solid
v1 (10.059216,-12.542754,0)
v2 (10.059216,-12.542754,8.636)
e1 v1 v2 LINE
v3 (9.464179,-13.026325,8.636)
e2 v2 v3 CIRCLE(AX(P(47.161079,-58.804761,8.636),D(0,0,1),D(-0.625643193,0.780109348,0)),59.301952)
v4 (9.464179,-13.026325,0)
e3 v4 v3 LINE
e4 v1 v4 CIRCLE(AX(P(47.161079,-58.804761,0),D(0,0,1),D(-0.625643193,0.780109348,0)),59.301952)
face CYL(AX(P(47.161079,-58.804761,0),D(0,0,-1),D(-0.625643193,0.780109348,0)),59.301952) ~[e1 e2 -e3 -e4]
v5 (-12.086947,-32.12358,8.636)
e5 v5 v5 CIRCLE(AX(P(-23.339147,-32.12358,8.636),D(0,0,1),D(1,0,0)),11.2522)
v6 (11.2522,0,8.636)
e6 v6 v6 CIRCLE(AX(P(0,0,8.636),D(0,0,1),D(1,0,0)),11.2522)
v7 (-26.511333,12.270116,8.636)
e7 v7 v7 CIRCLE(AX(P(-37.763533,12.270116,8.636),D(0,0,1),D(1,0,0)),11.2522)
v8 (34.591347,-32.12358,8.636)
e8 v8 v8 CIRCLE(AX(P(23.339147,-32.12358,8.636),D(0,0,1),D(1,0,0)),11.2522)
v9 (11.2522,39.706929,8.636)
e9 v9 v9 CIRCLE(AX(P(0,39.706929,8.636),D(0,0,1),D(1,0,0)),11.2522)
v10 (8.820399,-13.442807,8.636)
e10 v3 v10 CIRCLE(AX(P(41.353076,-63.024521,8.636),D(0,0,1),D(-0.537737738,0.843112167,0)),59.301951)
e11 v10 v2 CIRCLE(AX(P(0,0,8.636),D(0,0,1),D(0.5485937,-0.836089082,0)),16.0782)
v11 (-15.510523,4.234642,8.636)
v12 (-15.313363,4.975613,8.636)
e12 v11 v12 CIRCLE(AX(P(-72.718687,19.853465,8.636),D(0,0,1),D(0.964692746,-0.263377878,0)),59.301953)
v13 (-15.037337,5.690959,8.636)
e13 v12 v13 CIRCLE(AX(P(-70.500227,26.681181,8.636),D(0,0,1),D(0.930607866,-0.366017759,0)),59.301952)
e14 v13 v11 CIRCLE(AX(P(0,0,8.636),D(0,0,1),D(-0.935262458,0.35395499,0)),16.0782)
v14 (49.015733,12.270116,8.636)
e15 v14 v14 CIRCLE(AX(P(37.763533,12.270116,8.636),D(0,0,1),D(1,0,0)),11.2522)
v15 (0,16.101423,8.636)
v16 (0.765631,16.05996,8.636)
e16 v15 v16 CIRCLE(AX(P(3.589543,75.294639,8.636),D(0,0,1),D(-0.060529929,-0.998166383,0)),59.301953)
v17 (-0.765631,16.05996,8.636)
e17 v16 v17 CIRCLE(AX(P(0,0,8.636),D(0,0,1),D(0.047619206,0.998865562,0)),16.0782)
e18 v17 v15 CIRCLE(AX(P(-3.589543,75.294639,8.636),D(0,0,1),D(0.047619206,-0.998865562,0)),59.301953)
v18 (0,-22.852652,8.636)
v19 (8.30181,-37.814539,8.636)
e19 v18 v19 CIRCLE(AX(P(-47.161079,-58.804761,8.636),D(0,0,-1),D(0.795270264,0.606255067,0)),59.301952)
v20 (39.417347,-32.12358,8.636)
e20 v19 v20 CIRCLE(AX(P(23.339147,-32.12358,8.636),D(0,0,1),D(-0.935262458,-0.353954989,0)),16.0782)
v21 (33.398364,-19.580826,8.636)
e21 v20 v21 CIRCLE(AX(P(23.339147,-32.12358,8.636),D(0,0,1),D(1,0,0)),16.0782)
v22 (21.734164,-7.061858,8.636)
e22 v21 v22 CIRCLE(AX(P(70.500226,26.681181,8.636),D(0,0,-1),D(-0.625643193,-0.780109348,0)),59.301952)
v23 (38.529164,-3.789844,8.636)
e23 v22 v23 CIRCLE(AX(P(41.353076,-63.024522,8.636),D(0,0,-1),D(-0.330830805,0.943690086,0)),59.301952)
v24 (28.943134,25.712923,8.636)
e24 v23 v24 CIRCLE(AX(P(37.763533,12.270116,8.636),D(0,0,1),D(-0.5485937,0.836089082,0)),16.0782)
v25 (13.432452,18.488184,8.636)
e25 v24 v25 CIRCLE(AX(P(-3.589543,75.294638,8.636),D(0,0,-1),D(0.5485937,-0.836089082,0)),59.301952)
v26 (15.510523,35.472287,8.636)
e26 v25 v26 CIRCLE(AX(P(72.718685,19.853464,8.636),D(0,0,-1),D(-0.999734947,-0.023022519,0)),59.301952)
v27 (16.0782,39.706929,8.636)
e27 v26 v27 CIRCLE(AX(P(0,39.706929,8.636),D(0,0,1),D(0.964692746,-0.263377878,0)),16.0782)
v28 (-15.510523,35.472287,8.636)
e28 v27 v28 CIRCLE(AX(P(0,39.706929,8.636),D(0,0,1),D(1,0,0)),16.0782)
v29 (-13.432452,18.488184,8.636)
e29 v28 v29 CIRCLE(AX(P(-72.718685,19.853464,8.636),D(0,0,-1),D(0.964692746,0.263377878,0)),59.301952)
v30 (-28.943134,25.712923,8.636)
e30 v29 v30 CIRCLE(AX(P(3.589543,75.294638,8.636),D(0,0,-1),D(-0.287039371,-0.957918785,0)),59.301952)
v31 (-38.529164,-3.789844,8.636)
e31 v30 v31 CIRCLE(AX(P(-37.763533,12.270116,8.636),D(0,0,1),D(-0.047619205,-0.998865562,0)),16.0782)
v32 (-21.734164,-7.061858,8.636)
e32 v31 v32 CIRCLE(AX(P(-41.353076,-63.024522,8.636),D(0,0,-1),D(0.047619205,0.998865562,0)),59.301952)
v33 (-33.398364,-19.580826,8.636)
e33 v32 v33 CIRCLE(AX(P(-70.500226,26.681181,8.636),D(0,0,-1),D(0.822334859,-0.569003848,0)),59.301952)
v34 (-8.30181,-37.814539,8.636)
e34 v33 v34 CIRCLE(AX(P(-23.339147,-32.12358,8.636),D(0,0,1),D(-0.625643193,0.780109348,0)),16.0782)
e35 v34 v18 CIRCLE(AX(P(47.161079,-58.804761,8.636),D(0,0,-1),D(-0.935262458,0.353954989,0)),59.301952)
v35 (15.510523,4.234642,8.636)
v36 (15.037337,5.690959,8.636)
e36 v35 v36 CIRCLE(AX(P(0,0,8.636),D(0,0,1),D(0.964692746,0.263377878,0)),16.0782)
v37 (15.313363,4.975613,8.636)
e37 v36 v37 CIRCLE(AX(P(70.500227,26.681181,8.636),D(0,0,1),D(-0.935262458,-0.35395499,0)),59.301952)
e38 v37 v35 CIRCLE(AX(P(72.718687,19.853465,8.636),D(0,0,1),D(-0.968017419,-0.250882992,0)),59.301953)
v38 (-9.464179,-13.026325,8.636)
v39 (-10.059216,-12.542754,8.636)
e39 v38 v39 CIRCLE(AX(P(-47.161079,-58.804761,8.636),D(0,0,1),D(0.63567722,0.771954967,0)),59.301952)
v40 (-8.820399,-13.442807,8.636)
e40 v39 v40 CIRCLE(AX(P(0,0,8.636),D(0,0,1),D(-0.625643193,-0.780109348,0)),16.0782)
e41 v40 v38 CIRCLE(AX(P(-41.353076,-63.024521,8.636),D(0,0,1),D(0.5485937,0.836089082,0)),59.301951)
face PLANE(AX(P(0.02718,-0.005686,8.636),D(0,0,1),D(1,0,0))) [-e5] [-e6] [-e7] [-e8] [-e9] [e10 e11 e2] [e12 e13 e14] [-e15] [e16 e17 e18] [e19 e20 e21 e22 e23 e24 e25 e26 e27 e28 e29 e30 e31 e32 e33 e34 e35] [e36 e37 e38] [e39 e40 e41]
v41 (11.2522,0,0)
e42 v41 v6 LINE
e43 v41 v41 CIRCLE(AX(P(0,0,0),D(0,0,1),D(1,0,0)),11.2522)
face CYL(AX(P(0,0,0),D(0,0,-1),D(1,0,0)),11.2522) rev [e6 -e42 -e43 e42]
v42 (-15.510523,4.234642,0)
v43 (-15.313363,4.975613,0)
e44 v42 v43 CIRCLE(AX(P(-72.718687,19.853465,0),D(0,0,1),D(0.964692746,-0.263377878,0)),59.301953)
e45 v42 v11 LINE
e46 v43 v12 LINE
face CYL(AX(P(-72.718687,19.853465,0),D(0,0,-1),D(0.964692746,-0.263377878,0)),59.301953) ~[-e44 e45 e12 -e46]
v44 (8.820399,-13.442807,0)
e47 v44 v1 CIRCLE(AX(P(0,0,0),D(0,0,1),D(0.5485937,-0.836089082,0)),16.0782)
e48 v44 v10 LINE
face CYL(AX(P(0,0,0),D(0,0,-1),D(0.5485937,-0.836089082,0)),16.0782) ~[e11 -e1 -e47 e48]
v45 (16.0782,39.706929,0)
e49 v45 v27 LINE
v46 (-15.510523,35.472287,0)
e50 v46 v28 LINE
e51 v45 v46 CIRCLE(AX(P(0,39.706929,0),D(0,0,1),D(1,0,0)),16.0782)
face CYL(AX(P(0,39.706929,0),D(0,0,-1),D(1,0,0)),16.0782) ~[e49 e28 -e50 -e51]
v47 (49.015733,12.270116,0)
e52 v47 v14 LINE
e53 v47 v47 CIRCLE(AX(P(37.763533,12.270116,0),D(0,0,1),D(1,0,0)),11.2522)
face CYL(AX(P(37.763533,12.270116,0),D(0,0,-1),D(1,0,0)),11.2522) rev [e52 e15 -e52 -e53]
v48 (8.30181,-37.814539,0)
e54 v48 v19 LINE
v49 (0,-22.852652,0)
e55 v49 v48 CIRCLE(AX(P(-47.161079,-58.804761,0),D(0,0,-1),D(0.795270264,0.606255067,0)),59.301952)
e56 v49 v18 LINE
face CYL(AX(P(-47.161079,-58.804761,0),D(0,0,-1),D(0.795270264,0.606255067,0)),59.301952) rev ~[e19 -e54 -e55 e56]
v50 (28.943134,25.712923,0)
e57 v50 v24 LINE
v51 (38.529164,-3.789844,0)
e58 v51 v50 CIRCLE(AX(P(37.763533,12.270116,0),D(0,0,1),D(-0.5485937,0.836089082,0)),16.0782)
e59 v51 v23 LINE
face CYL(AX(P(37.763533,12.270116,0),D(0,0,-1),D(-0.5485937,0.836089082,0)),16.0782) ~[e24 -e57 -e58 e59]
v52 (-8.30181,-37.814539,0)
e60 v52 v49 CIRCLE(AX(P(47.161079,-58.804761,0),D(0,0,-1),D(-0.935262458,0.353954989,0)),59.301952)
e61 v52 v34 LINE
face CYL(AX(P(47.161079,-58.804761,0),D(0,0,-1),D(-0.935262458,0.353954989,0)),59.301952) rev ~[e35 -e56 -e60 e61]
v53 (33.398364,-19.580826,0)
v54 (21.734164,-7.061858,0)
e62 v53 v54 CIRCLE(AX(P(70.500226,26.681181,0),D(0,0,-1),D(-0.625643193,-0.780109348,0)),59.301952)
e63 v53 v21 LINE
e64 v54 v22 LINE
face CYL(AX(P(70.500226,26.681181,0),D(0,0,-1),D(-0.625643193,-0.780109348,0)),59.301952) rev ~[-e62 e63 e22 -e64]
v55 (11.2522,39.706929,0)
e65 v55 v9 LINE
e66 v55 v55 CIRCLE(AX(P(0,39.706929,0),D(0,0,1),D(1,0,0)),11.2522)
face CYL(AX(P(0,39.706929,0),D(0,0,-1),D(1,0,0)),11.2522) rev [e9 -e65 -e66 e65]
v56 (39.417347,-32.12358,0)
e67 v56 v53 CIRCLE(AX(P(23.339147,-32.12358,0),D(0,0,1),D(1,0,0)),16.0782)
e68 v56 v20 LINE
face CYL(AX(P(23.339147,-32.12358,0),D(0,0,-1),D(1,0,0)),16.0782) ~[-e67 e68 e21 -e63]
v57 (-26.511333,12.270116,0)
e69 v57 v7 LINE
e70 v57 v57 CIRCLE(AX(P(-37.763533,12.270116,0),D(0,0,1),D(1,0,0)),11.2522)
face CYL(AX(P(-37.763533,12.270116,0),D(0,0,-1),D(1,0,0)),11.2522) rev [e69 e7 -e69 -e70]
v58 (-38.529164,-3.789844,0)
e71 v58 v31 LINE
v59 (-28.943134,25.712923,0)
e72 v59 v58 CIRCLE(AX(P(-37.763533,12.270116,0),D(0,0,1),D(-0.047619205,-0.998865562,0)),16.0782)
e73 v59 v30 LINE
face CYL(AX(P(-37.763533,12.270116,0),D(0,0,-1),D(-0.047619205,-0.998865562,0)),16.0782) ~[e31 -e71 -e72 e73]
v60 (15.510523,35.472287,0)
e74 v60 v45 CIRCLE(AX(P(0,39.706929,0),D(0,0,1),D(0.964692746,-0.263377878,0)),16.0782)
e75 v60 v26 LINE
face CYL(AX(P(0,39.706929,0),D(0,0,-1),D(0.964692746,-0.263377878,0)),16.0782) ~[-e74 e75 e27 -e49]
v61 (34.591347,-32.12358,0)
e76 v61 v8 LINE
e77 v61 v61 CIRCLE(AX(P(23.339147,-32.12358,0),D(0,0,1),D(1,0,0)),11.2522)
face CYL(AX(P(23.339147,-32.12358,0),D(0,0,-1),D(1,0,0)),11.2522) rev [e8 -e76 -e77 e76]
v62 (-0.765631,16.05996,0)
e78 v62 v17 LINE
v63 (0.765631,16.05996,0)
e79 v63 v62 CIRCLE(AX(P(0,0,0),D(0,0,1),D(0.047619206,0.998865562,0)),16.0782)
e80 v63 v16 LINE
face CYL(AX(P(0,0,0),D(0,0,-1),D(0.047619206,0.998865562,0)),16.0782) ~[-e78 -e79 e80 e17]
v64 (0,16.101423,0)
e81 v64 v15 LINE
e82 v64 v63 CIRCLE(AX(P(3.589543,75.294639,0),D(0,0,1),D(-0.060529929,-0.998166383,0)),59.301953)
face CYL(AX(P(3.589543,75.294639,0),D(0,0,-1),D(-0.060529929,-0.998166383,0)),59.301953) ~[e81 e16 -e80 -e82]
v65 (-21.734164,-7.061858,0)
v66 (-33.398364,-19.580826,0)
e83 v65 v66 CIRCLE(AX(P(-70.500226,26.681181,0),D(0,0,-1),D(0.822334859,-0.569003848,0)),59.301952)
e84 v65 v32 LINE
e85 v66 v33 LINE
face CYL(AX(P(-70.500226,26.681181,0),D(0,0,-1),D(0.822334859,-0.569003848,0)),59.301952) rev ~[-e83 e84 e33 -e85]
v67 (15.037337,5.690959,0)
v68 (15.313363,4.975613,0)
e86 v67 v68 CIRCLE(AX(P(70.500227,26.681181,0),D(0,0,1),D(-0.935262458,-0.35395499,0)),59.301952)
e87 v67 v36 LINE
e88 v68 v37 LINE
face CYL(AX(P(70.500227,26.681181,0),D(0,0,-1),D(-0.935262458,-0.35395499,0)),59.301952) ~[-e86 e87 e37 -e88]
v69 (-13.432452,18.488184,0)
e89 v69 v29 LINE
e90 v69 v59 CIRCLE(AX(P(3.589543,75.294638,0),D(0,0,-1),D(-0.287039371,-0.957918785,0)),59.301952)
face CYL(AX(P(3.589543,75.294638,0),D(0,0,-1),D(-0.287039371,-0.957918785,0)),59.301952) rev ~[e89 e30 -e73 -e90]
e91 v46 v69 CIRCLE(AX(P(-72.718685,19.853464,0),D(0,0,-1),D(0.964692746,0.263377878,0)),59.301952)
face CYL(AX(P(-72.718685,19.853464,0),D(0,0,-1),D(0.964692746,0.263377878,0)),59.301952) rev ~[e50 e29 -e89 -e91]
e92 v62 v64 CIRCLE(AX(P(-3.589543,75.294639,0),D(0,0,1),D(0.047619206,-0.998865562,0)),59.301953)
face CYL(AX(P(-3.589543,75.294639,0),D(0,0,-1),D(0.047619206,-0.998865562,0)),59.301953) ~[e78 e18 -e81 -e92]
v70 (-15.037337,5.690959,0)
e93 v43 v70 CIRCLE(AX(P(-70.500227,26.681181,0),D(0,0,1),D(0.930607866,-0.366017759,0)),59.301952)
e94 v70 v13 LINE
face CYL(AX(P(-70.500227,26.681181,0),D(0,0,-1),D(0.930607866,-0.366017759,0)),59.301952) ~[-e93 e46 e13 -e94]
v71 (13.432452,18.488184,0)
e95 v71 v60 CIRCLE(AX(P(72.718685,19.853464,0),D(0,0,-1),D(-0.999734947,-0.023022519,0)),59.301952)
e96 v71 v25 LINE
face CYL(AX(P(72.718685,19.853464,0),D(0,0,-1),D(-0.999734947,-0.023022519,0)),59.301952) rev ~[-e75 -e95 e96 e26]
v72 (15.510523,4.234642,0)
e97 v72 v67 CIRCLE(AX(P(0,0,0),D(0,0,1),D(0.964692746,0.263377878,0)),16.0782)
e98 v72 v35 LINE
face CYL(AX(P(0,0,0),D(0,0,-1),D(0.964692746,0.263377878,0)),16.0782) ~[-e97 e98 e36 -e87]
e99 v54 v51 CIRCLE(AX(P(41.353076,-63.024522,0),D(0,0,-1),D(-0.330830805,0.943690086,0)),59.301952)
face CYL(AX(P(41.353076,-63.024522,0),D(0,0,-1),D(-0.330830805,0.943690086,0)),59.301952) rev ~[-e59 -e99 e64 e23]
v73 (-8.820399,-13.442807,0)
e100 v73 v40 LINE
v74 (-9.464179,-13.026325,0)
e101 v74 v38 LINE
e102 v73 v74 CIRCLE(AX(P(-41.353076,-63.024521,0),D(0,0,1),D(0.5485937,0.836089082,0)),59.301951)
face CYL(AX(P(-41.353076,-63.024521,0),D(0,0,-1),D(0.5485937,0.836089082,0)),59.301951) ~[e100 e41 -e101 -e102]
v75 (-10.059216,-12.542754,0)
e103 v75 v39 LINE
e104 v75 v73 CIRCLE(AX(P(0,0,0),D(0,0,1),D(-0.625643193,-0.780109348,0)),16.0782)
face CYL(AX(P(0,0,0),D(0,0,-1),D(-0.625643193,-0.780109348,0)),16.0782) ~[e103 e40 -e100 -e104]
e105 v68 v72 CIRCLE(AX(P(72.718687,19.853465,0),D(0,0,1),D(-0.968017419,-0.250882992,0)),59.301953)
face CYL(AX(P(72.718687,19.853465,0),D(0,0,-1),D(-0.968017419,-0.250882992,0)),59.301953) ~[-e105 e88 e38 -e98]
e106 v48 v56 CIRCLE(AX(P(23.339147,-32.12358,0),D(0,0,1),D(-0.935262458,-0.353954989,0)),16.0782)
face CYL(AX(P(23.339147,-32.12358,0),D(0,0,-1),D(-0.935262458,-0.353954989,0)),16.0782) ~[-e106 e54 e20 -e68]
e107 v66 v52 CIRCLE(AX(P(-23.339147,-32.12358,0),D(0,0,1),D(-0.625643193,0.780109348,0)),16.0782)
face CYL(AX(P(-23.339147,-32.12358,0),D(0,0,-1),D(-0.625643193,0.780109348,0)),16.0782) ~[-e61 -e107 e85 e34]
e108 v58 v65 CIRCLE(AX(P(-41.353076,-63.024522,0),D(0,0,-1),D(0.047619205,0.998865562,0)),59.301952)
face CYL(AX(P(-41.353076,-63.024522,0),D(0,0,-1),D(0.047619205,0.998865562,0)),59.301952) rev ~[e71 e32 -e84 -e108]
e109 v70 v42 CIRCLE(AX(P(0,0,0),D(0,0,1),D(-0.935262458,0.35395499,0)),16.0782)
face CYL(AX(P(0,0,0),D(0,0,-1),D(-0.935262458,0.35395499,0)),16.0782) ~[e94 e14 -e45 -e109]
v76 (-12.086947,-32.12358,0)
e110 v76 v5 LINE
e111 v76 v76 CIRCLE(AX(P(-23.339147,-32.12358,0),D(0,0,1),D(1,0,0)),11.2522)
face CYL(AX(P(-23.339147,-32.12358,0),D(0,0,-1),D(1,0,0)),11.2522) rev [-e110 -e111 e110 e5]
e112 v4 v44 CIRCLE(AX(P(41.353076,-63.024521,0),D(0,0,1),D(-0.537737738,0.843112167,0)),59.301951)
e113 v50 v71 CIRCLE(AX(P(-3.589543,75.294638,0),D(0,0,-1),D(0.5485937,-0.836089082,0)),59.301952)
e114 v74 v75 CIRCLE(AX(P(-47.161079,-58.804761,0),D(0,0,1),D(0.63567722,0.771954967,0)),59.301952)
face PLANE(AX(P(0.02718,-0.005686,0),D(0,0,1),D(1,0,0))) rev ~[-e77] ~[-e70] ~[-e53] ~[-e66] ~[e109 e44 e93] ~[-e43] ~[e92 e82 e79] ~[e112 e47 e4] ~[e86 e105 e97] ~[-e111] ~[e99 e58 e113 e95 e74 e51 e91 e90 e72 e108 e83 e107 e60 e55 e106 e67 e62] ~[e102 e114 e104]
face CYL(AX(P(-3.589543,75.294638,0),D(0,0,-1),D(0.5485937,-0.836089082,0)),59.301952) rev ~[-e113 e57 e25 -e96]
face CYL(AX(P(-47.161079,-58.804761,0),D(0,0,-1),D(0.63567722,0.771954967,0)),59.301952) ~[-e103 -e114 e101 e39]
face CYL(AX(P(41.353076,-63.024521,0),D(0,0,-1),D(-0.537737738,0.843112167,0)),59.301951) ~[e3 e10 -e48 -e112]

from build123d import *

# Parameters (mm, degrees)
F0_R     = 11.2522
F1_DEPTH = 8.636


with BuildPart() as f1:
    # F0 (on Top) → F1 (new body)
    with BuildSketch(Plane.XY):
        with BuildLine():
            ThreePointArc((10.0592163849, -12.5427541219), (14.4955615296, -6.9560916599), (16.0782, 0))
            ThreePointArc((16.0782, 0), (15.9356487874, 2.1362614454), (15.5105229014, 4.2346422002))
            ThreePointArc((15.5105229014, 4.2346422002), (15.2912768803, 4.968437039), (15.0373368529, 5.6909591117))
            ThreePointArc((15.0373368529, 5.6909591117), (9.4505288434, 13.007537039), (0.7656311095, 16.0599602815))
            ThreePointArc((0.7656311095, 16.0599602815), (0, 16.0782), (-0.7656311095, 16.0599602815))
            ThreePointArc((-0.7656311095, 16.0599602815), (-9.4505288434, 13.007537039), (-15.0373368529, 5.6909591117))
            ThreePointArc((-15.0373368529, 5.6909591117), (-15.2912768803, 4.968437039), (-15.5105229014, 4.2346422002))
            ThreePointArc((-15.5105229014, 4.2346422002), (-15.2912768803, -4.968437039), (-10.0592163849, -12.5427541219))
            ThreePointArc((-10.0592163849, -12.5427541219), (-9.4505288434, -13.007537039), (-8.8203992269, -13.4428074716))
            ThreePointArc((-8.8203992269, -13.4428074716), (0, -16.0782), (8.8203992269, -13.4428074716))
            ThreePointArc((8.8203992269, -13.4428074716), (9.4505288434, -13.007537039), (10.0592163849, -12.5427541219))
        make_face()
        Circle(F0_R, mode=Mode.SUBTRACT)
        with BuildLine():
            ThreePointArc((0.7656311095, 16.0599602815), (9.4505288434, 13.007537039), (15.0373368529, 5.6909591117))
            ThreePointArc((15.0373368529, 5.6909591117), (15.1741938942, 5.3328401038), (15.3133632508, 4.9756133358))
            ThreePointArc((15.3133632508, 4.9756133358), (13.983030327, 11.6776288921), (13.4324519852, 18.4881840601))
            ThreePointArc((13.4324519852, 18.4881840601), (6.7850910488, 16.9072378917), (0, 16.1014229843))
            ThreePointArc((0, 16.1014229843), (0.3827485418, 16.079454203), (0.7656311095, 16.0599602815))
        make_face()
        with BuildLine():
            ThreePointArc((15.5105229014, 4.2346422002), (15.9356487874, 2.1362614454), (16.0782, 0))
            ThreePointArc((16.0782, 0), (14.4955615296, -6.9560916599), (10.0592163849, -12.5427541219))
            ThreePointArc((10.0592163849, -12.5427541219), (9.7609161203, -12.7835777623), (9.4641789711, -13.0263248279))
            ThreePointArc((9.4641789711, -13.0263248279), (15.4270790567, -9.6900663284), (21.7341638644, -7.0618579207))
            ThreePointArc((21.7341638644, -7.0618579207), (18.176447212, -1.2283812192), (15.3133632508, 4.9756133358))
            ThreePointArc((15.3133632508, 4.9756133358), (15.4107455022, 4.6048091142), (15.5105229014, 4.2346422002))
        make_face()
        with BuildLine():
            ThreePointArc((13.4324519852, 18.4881840601), (13.983030327, 11.6776288921), (15.3133632508, 4.9756133358))
            ThreePointArc((15.3133632508, 4.9756133358), (18.176447212, -1.2283812192), (21.7341638644, -7.0618579207))
            ThreePointArc((21.7341638644, -7.0618579207), (30.0130318433, -4.8169203604), (38.5291644649, -3.789844495))
            ThreePointArc((38.5291644649, -3.789844495), (22.4722564751, 7.3016787476), (28.9431341285, 25.7129232581))
            ThreePointArc((28.9431341285, 25.7129232581), (21.4497380646, 21.5381879262), (13.4324519852, 18.4881840601))
        make_face()
        with BuildLine():
            ThreePointArc((53.8417333554, 12.2701157865), (45.4020008846, 26.4179894446), (28.9431341285, 25.7129232581))
            ThreePointArc((28.9431341285, 25.7129232581), (22.4722564751, 7.3016787476), (38.5291644649, -3.789844495))
            ThreePointArc((38.5291644649, -3.789844495), (49.4000810682, 1.1751046298), (53.8417333554, 12.2701157865))
        make_face()
        with Locations((37.7635333554, 12.2701157865)):
            Circle(F0_R, mode=Mode.SUBTRACT)
        with BuildLine():
            ThreePointArc((21.7341638644, -7.0618579207), (15.4270790567, -9.6900663284), (9.4641789711, -13.0263248279))
            ThreePointArc((9.4641789711, -13.0263248279), (4.4485711229, -17.6664192363), (0, -22.8526522788))
            ThreePointArc((0, -22.8526522788), (4.693373395, -30.0325997603), (8.301810296, -37.8145392867))
            ThreePointArc((8.301810296, -37.8145392867), (13.8886183055, -19.1160431361), (33.3983635338, -19.5808260531))
            ThreePointArc((33.3983635338, -19.5808260531), (27.1123675633, -13.7442470619), (21.7341638644, -7.0618579207))
        make_face()
        with BuildLine():
            ThreePointArc((9.4641789711, -13.0263248279), (9.1416159705, -13.2335256587), (8.8203992269, -13.4428074716))
            ThreePointArc((8.8203992269, -13.4428074716), (0, -16.0782), (-8.8203992269, -13.4428074716))
            ThreePointArc((-8.8203992269, -13.4428074716), (-9.1416159705, -13.2335256587), (-9.4641789711, -13.0263248279))
            ThreePointArc((-9.4641789711, -13.0263248279), (-4.4485711229, -17.6664192363), (0, -22.8526522788))
            ThreePointArc((0, -22.8526522788), (4.4485711229, -17.6664192363), (9.4641789711, -13.0263248279))
        make_face()
        with BuildLine():
            ThreePointArc((-8.301810296, -37.8145392867), (-4.693373395, -30.0325997603), (0, -22.8526522788))
            ThreePointArc((0, -22.8526522788), (-4.4485711229, -17.6664192363), (-9.4641789711, -13.0263248279))
            ThreePointArc((-9.4641789711, -13.0263248279), (-15.4270790567, -9.6900663284), (-21.7341638644, -7.0618579207))
            ThreePointArc((-21.7341638644, -7.0618579207), (-27.1123675633, -13.7442470619), (-33.3983635338, -19.5808260531))
            ThreePointArc((-33.3983635338, -19.5808260531), (-16.3830554891, -17.6280186454), (-7.2609471489, -32.123580175))
            ThreePointArc((-7.2609471489, -32.123580175), (-7.5233034372, -35.0162610986), (-8.301810296, -37.8145392867))
        make_face()
        with BuildLine():
            ThreePointArc((-33.3983635338, -19.5808260531), (-32.7896759923, -45.131117214), (-8.301810296, -37.8145392867))
            ThreePointArc((-8.301810296, -37.8145392867), (-7.5233034372, -35.0162610986), (-7.2609471489, -32.123580175))
            ThreePointArc((-7.2609471489, -32.123580175), (-16.3830554891, -17.6280186454), (-33.3983635338, -19.5808260531))
        make_face()
        with Locations((-23.3391471489, -32.123580175)):
            Circle(F0_R, mode=Mode.SUBTRACT)
        with BuildLine():
            ThreePointArc((-9.4641789711, -13.0263248279), (-9.7609161203, -12.7835777623), (-10.0592163849, -12.5427541219))
            ThreePointArc((-10.0592163849, -12.5427541219), (-15.2912768803, -4.968437039), (-15.5105229014, 4.2346422002))
            ThreePointArc((-15.5105229014, 4.2346422002), (-15.4107455022, 4.6048091142), (-15.3133632508, 4.9756133358))
            ThreePointArc((-15.3133632508, 4.9756133358), (-18.176447212, -1.2283812192), (-21.7341638644, -7.0618579207))
            ThreePointArc((-21.7341638644, -7.0618579207), (-15.4270790567, -9.6900663284), (-9.4641789711, -13.0263248279))
        make_face()
        with BuildLine():
            ThreePointArc((39.4173471489, -32.123580175), (37.8347086786, -25.1674885151), (33.3983635338, -19.5808260531))
            ThreePointArc((33.3983635338, -19.5808260531), (13.8886183055, -19.1160431361), (8.301810296, -37.8145392867))
            ThreePointArc((8.301810296, -37.8145392867), (26.2318280725, -47.9394238868), (39.4173471489, -32.123580175))
        make_face()
        with Locations((23.3391471489, -32.123580175)):
            Circle(F0_R, mode=Mode.SUBTRACT)
        with BuildLine():
            ThreePointArc((-21.6853333554, 12.2701157865), (-23.6156596973, 19.9085833157), (-28.9431341285, 25.7129232581))
            ThreePointArc((-28.9431341285, 25.7129232581), (-53.0548102357, 17.2385528255), (-38.5291644649, -3.789844495))
            ThreePointArc((-38.5291644649, -3.789844495), (-26.6685221987, 0.6335680737), (-21.6853333554, 12.2701157865))
        make_face()
        with Locations((-37.7635333554, 12.2701157865)):
            Circle(F0_R, mode=Mode.SUBTRACT)
        with BuildLine():
            ThreePointArc((-15.3133632508, 4.9756133358), (-13.983030327, 11.6776288921), (-13.4324519852, 18.4881840601))
            ThreePointArc((-13.4324519852, 18.4881840601), (-21.4497380646, 21.5381879262), (-28.9431341285, 25.7129232581))
            ThreePointArc((-28.9431341285, 25.7129232581), (-23.6156596973, 19.9085833157), (-21.6853333554, 12.2701157865))
            ThreePointArc((-21.6853333554, 12.2701157865), (-26.6685221987, 0.6335680737), (-38.5291644649, -3.789844495))
            ThreePointArc((-38.5291644649, -3.789844495), (-30.0130318433, -4.8169203604), (-21.7341638644, -7.0618579207))
            ThreePointArc((-21.7341638644, -7.0618579207), (-18.176447212, -1.2283812192), (-15.3133632508, 4.9756133358))
        make_face()
        with BuildLine():
            ThreePointArc((-15.0373368529, 5.6909591117), (-9.4505288434, 13.007537039), (-0.7656311095, 16.0599602815))
            ThreePointArc((-0.7656311095, 16.0599602815), (-0.3827485418, 16.079454203), (0, 16.1014229843))
            ThreePointArc((0, 16.1014229843), (-6.7850910488, 16.9072378917), (-13.4324519852, 18.4881840601))
            ThreePointArc((-13.4324519852, 18.4881840601), (-13.983030327, 11.6776288921), (-15.3133632508, 4.9756133358))
            ThreePointArc((-15.3133632508, 4.9756133358), (-15.1741938942, 5.3328401038), (-15.0373368529, 5.6909591117))
        make_face()
        with BuildLine():
            ThreePointArc((0, 16.1014229843), (6.7850910488, 16.9072378917), (13.4324519852, 18.4881840601))
            ThreePointArc((13.4324519852, 18.4881840601), (13.8557003896, 27.0555792564), (15.5105229014, 35.4722865767))
            ThreePointArc((15.5105229014, 35.4722865767), (0, 23.628728777), (-15.5105229014, 35.4722865767))
            ThreePointArc((-15.5105229014, 35.4722865767), (-13.8557003896, 27.0555792564), (-13.4324519852, 18.4881840601))
            ThreePointArc((-13.4324519852, 18.4881840601), (-6.7850910488, 16.9072378917), (0, 16.1014229843))
        make_face()
        with BuildLine():
            ThreePointArc((-15.5105229014, 35.4722865767), (0, 23.628728777), (15.5105229014, 35.4722865767))
            ThreePointArc((15.5105229014, 35.4722865767), (15.9356487874, 37.5706673316), (16.0782, 39.706928777))
            ThreePointArc((16.0782, 39.706928777), (-2.1362614454, 55.6425775644), (-15.5105229014, 35.4722865767))
        make_face()
        with Locations((0, 39.706928777)):
            Circle(F0_R, mode=Mode.SUBTRACT)
    extrude(amount=F1_DEPTH)


solid = f1.part
